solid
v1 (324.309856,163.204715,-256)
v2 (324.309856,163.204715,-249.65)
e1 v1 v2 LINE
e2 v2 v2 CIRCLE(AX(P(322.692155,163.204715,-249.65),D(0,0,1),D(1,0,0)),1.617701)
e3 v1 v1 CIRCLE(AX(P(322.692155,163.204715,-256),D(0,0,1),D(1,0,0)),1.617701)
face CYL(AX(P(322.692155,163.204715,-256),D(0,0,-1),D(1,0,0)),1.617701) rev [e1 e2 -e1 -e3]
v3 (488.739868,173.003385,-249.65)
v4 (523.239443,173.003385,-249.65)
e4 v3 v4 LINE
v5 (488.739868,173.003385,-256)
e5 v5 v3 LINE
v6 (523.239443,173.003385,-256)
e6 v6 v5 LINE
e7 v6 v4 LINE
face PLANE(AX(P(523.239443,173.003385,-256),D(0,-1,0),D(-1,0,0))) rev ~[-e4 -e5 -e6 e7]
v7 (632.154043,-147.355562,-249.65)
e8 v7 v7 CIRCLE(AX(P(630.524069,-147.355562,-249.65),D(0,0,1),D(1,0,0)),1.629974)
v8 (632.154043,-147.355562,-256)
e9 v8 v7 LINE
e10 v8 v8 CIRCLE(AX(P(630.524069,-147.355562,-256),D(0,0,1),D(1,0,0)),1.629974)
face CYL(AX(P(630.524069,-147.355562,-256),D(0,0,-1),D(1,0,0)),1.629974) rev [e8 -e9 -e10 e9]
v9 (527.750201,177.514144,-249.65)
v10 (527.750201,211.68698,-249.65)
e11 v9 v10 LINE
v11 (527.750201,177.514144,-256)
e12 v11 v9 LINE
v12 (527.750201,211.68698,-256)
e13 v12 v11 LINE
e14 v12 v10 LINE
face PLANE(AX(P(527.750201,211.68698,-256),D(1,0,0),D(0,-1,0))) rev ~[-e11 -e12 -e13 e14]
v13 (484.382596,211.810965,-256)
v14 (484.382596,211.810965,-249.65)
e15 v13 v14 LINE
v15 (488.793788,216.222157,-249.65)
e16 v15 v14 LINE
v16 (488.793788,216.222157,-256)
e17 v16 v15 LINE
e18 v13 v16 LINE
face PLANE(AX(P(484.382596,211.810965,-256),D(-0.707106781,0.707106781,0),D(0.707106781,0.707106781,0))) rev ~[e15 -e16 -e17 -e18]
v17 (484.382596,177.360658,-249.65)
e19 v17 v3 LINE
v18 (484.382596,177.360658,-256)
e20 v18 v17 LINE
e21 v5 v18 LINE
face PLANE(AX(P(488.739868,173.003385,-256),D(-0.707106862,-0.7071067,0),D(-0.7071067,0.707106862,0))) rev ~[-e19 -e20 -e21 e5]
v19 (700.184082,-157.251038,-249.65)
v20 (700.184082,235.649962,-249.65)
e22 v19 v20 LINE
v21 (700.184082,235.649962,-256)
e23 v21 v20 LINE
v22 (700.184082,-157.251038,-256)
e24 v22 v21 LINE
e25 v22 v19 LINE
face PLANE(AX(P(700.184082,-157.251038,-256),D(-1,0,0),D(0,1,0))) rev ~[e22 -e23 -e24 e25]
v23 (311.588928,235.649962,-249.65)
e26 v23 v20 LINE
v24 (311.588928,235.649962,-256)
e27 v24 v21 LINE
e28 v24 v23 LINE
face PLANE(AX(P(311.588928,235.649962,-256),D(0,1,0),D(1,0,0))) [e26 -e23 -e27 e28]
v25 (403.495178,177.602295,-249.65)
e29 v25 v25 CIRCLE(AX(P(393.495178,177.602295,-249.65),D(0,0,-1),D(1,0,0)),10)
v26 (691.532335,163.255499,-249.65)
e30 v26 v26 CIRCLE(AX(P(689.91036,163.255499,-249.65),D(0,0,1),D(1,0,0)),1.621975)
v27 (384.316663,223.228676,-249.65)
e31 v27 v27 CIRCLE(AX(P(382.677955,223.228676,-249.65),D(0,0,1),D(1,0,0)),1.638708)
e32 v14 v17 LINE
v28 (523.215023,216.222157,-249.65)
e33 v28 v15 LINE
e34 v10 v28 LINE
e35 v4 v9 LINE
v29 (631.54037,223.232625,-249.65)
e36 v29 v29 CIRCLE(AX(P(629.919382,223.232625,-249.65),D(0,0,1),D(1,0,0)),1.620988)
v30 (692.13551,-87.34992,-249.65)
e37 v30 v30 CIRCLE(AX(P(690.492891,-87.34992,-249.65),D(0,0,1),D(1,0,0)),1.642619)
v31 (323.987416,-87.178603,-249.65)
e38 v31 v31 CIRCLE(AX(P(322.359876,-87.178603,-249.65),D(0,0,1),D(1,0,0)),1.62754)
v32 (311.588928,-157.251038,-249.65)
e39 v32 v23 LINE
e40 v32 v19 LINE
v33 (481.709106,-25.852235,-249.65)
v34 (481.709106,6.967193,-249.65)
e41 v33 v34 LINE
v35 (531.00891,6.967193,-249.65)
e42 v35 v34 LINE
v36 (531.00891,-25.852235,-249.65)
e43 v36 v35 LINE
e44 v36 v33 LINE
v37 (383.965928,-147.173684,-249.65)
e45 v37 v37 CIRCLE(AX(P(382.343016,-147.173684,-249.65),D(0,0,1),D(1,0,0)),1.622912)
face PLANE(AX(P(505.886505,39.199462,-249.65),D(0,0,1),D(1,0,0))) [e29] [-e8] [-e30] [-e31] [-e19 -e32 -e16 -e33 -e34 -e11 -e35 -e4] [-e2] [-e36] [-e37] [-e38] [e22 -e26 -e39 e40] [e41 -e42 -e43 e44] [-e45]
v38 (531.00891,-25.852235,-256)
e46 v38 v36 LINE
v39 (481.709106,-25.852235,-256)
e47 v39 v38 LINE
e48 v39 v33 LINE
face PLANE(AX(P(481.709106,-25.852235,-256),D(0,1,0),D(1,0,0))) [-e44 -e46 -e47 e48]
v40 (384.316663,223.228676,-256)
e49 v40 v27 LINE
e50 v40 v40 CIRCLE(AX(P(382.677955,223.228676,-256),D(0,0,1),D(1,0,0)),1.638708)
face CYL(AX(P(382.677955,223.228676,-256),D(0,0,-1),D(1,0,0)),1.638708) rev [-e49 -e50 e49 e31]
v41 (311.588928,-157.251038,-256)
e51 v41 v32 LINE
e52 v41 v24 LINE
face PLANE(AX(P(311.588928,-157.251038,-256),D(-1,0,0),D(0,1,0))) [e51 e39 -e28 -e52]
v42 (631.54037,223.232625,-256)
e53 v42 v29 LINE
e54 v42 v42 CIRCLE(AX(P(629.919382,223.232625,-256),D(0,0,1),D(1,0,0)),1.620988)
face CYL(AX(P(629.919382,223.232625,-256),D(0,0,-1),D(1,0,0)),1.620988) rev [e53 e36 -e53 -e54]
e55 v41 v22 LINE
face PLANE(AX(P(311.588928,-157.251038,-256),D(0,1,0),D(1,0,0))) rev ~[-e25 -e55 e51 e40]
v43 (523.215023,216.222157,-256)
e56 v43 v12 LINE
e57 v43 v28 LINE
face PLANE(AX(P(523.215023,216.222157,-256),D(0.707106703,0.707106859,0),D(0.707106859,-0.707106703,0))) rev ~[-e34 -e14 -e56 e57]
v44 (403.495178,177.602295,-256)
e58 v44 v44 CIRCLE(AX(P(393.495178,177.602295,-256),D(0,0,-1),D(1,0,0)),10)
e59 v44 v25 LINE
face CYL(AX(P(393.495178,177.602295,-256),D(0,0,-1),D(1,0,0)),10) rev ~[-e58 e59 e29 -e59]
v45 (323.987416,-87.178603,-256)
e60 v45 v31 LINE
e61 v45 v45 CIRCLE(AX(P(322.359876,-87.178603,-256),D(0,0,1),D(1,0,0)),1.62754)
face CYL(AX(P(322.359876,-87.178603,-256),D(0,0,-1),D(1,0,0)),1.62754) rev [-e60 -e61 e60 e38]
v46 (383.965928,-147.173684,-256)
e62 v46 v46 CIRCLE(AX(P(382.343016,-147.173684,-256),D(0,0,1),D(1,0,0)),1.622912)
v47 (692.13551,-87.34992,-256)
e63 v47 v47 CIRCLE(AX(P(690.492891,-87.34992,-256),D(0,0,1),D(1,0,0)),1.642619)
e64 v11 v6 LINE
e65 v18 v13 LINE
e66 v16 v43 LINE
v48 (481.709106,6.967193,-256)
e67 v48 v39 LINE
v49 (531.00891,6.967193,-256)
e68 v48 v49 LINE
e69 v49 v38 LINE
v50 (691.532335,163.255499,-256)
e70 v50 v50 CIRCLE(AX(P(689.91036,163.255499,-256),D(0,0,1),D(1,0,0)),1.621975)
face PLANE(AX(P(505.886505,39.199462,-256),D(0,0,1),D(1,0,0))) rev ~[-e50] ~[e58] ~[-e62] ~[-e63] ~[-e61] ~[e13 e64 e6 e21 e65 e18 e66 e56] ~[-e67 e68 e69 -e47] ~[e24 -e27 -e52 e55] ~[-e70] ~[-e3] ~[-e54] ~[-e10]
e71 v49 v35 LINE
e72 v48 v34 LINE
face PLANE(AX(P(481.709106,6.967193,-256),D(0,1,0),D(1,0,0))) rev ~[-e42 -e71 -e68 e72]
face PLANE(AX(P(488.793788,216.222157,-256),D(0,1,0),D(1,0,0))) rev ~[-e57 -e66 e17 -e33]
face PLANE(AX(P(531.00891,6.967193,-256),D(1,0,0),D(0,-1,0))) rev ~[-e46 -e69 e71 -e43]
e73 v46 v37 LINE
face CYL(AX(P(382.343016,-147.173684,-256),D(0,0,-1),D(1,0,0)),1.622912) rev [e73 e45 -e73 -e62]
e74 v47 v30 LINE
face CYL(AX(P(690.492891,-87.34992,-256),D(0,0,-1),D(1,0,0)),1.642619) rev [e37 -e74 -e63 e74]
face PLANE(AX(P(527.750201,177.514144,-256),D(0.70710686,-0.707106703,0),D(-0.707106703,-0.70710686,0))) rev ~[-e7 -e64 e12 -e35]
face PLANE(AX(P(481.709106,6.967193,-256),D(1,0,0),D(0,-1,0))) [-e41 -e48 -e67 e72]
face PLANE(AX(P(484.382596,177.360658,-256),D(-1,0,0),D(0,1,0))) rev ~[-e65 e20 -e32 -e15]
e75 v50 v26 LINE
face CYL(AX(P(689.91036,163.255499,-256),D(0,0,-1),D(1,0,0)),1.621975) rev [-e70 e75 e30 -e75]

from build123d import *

# Parameters (mm, degrees)
SKETCH002_W     = 388.595154
SKETCH002_H     = 392.901
SKETCH002_R     = 1.62754
SKETCH002_R_2   = 1.622912
SKETCH002_R_3   = 1.629974
SKETCH002_R_4   = 1.642619
SKETCH002_R_5   = 1.621975
SKETCH002_R_6   = 1.620988
SKETCH002_R_7   = 1.638708
SKETCH002_R_8   = 1.617701
PAD_DEPTH       = 6.35
POCKET001_DEPTH = 57
SKETCH007_W     = 49.299805
SKETCH007_H     = 32.819429
POCKET_DEPTH    = 69
SKETCH009_R     = 10
POCKET003_DEPTH = 26


with BuildPart() as part:
    # Sketch002 → Pad (new body)
    with BuildSketch(Plane.XY.offset(-307)):
        with Locations((505.886505, 39.199462)):
            Rectangle(SKETCH002_W, SKETCH002_H)
        with Locations((322.359876, -87.178603)):
            Circle(SKETCH002_R, mode=Mode.SUBTRACT)
        with Locations((382.343016, -147.173684)):
            Circle(SKETCH002_R_2, mode=Mode.SUBTRACT)
        with Locations((630.524069, -147.355562)):
            Circle(SKETCH002_R_3, mode=Mode.SUBTRACT)
        with Locations((690.492891, -87.34992)):
            Circle(SKETCH002_R_4, mode=Mode.SUBTRACT)
        with Locations((689.91036, 163.255499)):
            Circle(SKETCH002_R_5, mode=Mode.SUBTRACT)
        with Locations((629.919382, 223.232625)):
            Circle(SKETCH002_R_6, mode=Mode.SUBTRACT)
        with Locations((382.677955, 223.228676)):
            Circle(SKETCH002_R_7, mode=Mode.SUBTRACT)
        with Locations((322.692155, 163.204715)):
            Circle(SKETCH002_R_8, mode=Mode.SUBTRACT)
    extrude(amount=PAD_DEPTH)

    # Sketch004 → Pocket001 (cut)
    with BuildSketch(Plane(origin=(0, 0, -307), x_dir=(1, 0, 0), z_dir=(0, 0, -1))):
        Polygon((484.382596, -177.360658), (484.382596, -211.810965), (488.793788, -216.222157), (523.215023, -216.222157), (527.750201, -211.68698), (527.750201, -177.514144), (523.239443, -173.003385), (488.739868, -173.003385), align=None)
    extrude(amount=-POCKET001_DEPTH, mode=Mode.SUBTRACT)

    # Sketch007 → Pocket (cut)
    with BuildSketch(Plane(origin=(0, 0, -307), x_dir=(1, 0, 0), z_dir=(0, 0, -1))):
        with Locations((506.359008, 9.442521)):
            Rectangle(SKETCH007_W, SKETCH007_H)
    extrude(amount=-POCKET_DEPTH, mode=Mode.SUBTRACT)

    # Sketch009 → Pocket003 (cut)
    with BuildSketch(Plane(origin=(0, 0, -307), x_dir=(1, 0, 0), z_dir=(0, 0, -1))):
        with Locations((393.495178, -177.602295)):
            Circle(SKETCH009_R)
    extrude(amount=-POCKET003_DEPTH, mode=Mode.SUBTRACT)


with BuildPart() as part_1:
    # Body placement: moved
    add(part.part.moved(Location((0, 0, 51))))


solid = part_1.part
